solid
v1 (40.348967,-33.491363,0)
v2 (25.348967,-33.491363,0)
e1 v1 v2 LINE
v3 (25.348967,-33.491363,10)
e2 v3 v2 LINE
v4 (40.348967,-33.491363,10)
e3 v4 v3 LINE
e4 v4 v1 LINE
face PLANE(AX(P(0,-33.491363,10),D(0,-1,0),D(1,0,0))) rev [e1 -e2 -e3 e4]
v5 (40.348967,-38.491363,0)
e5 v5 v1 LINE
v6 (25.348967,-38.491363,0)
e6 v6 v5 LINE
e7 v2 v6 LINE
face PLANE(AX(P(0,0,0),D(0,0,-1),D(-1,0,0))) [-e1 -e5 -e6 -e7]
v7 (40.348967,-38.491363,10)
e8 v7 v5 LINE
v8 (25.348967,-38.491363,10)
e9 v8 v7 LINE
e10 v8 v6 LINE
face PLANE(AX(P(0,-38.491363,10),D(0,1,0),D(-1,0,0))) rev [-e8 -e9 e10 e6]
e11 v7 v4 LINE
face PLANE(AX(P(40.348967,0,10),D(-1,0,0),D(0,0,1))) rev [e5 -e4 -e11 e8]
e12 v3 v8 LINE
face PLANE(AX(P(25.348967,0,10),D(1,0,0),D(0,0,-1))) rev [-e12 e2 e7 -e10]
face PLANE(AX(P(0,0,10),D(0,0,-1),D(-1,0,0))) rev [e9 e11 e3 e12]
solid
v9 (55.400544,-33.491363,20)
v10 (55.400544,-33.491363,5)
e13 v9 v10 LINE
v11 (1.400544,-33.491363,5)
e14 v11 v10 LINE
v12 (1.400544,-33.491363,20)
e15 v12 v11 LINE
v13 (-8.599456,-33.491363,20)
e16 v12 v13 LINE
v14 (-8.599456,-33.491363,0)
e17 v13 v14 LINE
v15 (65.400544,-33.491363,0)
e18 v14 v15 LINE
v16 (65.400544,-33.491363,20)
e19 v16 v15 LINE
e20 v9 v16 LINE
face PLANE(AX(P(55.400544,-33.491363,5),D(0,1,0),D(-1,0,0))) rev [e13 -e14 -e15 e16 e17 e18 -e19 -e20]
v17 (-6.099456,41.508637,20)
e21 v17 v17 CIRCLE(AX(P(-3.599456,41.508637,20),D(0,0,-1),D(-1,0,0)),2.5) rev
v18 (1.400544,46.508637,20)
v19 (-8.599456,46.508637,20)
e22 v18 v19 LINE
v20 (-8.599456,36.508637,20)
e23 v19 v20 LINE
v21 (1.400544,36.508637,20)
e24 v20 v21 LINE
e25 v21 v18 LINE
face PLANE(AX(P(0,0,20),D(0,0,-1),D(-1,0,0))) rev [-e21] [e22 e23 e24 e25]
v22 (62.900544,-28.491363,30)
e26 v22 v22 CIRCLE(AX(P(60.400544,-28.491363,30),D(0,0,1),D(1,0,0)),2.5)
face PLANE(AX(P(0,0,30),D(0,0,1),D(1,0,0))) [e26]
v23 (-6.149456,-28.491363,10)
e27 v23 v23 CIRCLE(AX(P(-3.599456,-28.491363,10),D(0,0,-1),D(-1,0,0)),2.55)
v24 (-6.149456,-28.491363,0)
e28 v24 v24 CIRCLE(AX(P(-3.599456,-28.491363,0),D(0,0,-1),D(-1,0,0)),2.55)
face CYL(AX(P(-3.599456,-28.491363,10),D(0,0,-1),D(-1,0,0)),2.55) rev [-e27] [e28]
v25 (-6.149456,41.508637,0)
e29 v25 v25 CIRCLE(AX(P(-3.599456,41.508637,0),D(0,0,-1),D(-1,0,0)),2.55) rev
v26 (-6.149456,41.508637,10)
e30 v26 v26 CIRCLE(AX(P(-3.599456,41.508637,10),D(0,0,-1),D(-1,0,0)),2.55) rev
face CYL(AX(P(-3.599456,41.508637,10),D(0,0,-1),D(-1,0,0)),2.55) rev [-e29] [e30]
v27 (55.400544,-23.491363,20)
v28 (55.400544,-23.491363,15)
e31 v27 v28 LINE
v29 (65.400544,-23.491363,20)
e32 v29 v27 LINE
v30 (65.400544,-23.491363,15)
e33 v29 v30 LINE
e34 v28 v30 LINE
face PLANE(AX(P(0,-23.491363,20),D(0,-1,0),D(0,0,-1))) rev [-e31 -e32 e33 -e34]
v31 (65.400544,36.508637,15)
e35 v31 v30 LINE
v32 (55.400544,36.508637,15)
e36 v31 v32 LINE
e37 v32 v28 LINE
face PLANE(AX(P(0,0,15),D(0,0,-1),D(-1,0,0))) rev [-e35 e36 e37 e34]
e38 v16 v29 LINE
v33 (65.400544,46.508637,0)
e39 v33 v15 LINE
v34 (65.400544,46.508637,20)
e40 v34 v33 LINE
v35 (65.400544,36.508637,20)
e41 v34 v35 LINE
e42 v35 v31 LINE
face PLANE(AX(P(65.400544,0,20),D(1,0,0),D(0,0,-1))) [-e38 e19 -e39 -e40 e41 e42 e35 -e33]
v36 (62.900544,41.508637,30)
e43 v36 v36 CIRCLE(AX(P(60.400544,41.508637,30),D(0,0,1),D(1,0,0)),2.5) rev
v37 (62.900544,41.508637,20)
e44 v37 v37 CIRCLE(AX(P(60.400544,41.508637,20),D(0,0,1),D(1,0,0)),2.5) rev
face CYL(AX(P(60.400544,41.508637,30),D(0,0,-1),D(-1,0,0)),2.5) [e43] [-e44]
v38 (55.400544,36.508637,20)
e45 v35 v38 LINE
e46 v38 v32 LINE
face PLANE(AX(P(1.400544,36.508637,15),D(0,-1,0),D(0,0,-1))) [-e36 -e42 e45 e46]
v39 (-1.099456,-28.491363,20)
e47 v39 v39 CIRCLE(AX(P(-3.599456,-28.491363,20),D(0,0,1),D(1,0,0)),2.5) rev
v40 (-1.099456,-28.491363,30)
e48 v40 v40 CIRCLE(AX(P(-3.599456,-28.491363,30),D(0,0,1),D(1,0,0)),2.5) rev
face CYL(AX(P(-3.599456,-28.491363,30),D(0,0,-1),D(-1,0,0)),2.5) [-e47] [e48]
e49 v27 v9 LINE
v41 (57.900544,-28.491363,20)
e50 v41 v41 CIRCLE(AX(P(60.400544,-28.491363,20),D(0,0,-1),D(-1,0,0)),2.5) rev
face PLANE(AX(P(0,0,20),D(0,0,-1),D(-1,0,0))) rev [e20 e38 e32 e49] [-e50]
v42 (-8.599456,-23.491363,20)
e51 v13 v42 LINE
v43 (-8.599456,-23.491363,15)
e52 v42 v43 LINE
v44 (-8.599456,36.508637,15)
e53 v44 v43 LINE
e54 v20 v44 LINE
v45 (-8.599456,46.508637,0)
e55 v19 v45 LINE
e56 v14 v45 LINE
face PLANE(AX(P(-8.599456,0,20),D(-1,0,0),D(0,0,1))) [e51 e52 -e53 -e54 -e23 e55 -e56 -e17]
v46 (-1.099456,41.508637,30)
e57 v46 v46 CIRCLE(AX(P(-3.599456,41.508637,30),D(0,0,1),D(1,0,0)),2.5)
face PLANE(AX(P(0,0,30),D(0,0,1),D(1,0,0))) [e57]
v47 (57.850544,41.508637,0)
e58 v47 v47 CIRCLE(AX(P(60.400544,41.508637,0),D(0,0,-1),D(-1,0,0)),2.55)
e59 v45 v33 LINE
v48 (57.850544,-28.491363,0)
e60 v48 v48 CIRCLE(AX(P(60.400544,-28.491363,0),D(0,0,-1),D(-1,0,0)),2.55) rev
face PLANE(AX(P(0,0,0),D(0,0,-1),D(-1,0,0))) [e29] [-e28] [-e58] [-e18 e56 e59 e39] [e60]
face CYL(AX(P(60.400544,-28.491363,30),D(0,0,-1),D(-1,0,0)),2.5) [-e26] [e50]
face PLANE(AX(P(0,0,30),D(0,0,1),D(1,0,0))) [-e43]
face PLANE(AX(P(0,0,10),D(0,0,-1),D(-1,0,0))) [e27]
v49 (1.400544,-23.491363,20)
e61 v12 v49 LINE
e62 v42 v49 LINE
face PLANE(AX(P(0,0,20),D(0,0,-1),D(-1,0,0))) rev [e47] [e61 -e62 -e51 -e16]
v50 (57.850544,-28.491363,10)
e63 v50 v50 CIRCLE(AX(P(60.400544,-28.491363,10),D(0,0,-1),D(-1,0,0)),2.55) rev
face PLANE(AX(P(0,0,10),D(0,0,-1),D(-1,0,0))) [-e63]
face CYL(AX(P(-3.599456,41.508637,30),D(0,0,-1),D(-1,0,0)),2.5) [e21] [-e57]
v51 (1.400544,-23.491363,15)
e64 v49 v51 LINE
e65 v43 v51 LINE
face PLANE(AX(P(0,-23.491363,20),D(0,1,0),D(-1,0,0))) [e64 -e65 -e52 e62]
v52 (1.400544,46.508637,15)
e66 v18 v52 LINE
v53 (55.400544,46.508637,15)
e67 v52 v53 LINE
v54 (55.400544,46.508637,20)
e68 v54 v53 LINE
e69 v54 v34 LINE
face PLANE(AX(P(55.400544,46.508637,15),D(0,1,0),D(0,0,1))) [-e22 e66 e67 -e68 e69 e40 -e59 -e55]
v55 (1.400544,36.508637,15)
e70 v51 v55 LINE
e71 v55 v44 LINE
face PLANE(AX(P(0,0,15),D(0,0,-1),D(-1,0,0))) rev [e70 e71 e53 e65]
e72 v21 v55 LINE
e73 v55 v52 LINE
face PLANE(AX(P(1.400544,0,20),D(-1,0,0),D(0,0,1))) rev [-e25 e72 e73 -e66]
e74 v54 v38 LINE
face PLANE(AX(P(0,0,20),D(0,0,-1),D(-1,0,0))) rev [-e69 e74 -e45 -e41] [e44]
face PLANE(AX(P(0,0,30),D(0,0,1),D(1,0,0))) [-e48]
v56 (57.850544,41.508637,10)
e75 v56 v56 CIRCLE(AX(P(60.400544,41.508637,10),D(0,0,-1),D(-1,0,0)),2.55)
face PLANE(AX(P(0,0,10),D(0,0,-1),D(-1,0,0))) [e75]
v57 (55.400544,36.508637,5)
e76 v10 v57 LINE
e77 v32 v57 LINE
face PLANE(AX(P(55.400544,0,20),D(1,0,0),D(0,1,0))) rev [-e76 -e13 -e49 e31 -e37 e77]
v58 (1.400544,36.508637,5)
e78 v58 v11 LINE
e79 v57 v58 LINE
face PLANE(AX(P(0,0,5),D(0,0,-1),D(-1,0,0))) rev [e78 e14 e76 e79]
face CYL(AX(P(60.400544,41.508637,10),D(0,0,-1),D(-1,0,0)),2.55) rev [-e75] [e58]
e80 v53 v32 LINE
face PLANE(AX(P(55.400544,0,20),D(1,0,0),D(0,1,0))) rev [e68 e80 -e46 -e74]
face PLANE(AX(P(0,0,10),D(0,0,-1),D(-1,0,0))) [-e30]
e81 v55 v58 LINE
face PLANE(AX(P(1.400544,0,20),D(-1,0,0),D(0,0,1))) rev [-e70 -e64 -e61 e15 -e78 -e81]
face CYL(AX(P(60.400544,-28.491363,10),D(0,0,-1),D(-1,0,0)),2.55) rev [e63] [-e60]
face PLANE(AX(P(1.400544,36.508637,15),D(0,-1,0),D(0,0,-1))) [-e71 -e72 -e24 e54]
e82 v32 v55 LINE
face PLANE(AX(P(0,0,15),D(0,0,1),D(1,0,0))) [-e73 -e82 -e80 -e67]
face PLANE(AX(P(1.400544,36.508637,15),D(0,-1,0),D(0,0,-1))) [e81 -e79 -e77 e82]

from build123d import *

# Parameters (mm, degrees)
CROQUIS1_W               = 54
CROQUIS1_H               = 70
SALIENTE_EXTRUIR1_DEPTH  = 5
CROQUIS4_W               = 54
CROQUIS4_H               = 10
SALIENTE_EXTRUIR5_DEPTH  = 15
CROQUIS5_W               = 10
CROQUIS5_H               = 10
SALIENTE_EXTRUIR6_DEPTH  = 20
CROQUIS6_W               = 15
CROQUIS6_H               = 5
SALIENTE_EXTRUIR7_DEPTH  = 10
CROQUIS8_W               = 10
CROQUIS8_H               = 60
SALIENTE_EXTRUIR9_DEPTH  = 15
CROQUIS9_R               = 2.5
SALIENTE_EXTRUIR10_DEPTH = 10
CROQUIS11_R              = 2.55
CORTAR_EXTRUIR1_DEPTH    = 10


with BuildPart() as part:
    # Croquis1 → Saliente-Extruir1 (new body)
    with BuildSketch(Plane.XY):
        with Locations((28.400543811, 1.50863747)):
            Rectangle(CROQUIS1_W, CROQUIS1_H)
    extrude(amount=SALIENTE_EXTRUIR1_DEPTH)

    # Croquis4 → Saliente-Extruir5 (add)
    with BuildSketch(Plane(origin=(0, 0, 0), x_dir=(-1, 0, 0), z_dir=(0, 0, -1))):
        with Locations((-28.400543811, 41.50863747)):
            Rectangle(CROQUIS4_W, CROQUIS4_H)
    extrude(amount=-SALIENTE_EXTRUIR5_DEPTH)

    # Croquis5 → Saliente-Extruir6 (add)
    with BuildSketch(Plane(origin=(0, 0, 0), x_dir=(-1, 0, 0), z_dir=(0, 0, -1))):
        with Locations((-60.400543811, 41.50863747)):
            Rectangle(CROQUIS5_W, CROQUIS5_H)
        with Locations((-60.400543811, -28.49136253)):
            Rectangle(CROQUIS5_W, CROQUIS5_H)
        with Locations((3.599456189, -28.49136253)):
            Rectangle(CROQUIS5_W, CROQUIS5_H)
        with Locations((3.599456189, 41.50863747)):
            Rectangle(CROQUIS5_W, CROQUIS5_H)
    extrude(amount=-SALIENTE_EXTRUIR6_DEPTH)

    # Croquis8 → Saliente-Extruir9 (add)
    with BuildSketch(Plane(origin=(0, 0, 0), x_dir=(-1, 0, 0), z_dir=(0, 0, -1))):
        with Locations((-60.400543811, 6.50863747)):
            Rectangle(CROQUIS8_W, CROQUIS8_H)
        with Locations((3.599456189, 6.50863747)):
            Rectangle(CROQUIS8_W, CROQUIS8_H)
    extrude(amount=-SALIENTE_EXTRUIR9_DEPTH)

    # Croquis9 → Saliente-Extruir10 (add)
    with BuildSketch(Plane.XY.offset(20)):
        with BuildLine():
            ThreePointArc((-1.099456189, 41.50863747), (-3.599456189, 44.00863747), (-6.099456189, 41.50863747))
            Line((-6.099456189, 41.50863747), (-1.099456189, 41.50863747))
        make_face()
        with BuildLine():
            Line((-1.099456189, 41.50863747), (-6.099456189, 41.50863747))
            ThreePointArc((-6.099456189, 41.50863747), (-3.599456189, 39.00863747), (-1.099456189, 41.50863747))
        make_face()
        with Locations((60.400543811, 41.50863747)):
            Circle(CROQUIS9_R)
        with Locations((60.400543811, -28.49136253)):
            Circle(CROQUIS9_R)
        with Locations((-3.599456189, -28.49136253)):
            Circle(CROQUIS9_R)
    extrude(amount=SALIENTE_EXTRUIR10_DEPTH)

    # Croquis11 → Cortar-Extruir1 (cut)
    with BuildSketch(Plane(origin=(0, 0, 0), x_dir=(-1, 0, 0), z_dir=(0, 0, -1))):
        with BuildLine():
            ThreePointArc((-57.850543811, 41.50863747), (-60.400543811, 44.05863747), (-62.950543811, 41.50863747))
            Line((-62.950543811, 41.50863747), (-60.400543811, 41.50863747))
            Line((-60.400543811, 41.50863747), (-57.850543811, 41.50863747))
        make_face()
        with BuildLine():
            Line((-60.400543811, 41.50863747), (-62.950543811, 41.50863747))
            ThreePointArc((-62.950543811, 41.50863747), (-60.400543811, 38.95863747), (-57.850543811, 41.50863747))
            Line((-57.850543811, 41.50863747), (-60.400543811, 41.50863747))
        make_face()
        with BuildLine():
            ThreePointArc((6.149456189, 41.50863747), (3.599456189, 44.05863747), (1.049456189, 41.50863747))
            Line((1.049456189, 41.50863747), (6.149456189, 41.50863747))
        make_face()
        with BuildLine():
            Line((6.149456189, 41.50863747), (1.049456189, 41.50863747))
            ThreePointArc((1.049456189, 41.50863747), (3.599456189, 38.95863747), (6.149456189, 41.50863747))
        make_face()
        with Locations((3.599456189, -28.49136253)):
            Circle(CROQUIS11_R)
        with Locations((-60.400543811, -28.49136253)):
            Circle(CROQUIS11_R)
    extrude(amount=-CORTAR_EXTRUIR1_DEPTH, mode=Mode.SUBTRACT)


with BuildPart() as body_2:
    # Croquis6 → Saliente-Extruir7 (new body)
    with BuildSketch(Plane(origin=(0, 0, 0), x_dir=(-1, 0, 0), z_dir=(0, 0, -1))):
        with Locations((-32.848967284, -35.99136253)):
            Rectangle(CROQUIS6_W, CROQUIS6_H)
    extrude(amount=-SALIENTE_EXTRUIR7_DEPTH)


solid = Compound([part.part, body_2.part])
